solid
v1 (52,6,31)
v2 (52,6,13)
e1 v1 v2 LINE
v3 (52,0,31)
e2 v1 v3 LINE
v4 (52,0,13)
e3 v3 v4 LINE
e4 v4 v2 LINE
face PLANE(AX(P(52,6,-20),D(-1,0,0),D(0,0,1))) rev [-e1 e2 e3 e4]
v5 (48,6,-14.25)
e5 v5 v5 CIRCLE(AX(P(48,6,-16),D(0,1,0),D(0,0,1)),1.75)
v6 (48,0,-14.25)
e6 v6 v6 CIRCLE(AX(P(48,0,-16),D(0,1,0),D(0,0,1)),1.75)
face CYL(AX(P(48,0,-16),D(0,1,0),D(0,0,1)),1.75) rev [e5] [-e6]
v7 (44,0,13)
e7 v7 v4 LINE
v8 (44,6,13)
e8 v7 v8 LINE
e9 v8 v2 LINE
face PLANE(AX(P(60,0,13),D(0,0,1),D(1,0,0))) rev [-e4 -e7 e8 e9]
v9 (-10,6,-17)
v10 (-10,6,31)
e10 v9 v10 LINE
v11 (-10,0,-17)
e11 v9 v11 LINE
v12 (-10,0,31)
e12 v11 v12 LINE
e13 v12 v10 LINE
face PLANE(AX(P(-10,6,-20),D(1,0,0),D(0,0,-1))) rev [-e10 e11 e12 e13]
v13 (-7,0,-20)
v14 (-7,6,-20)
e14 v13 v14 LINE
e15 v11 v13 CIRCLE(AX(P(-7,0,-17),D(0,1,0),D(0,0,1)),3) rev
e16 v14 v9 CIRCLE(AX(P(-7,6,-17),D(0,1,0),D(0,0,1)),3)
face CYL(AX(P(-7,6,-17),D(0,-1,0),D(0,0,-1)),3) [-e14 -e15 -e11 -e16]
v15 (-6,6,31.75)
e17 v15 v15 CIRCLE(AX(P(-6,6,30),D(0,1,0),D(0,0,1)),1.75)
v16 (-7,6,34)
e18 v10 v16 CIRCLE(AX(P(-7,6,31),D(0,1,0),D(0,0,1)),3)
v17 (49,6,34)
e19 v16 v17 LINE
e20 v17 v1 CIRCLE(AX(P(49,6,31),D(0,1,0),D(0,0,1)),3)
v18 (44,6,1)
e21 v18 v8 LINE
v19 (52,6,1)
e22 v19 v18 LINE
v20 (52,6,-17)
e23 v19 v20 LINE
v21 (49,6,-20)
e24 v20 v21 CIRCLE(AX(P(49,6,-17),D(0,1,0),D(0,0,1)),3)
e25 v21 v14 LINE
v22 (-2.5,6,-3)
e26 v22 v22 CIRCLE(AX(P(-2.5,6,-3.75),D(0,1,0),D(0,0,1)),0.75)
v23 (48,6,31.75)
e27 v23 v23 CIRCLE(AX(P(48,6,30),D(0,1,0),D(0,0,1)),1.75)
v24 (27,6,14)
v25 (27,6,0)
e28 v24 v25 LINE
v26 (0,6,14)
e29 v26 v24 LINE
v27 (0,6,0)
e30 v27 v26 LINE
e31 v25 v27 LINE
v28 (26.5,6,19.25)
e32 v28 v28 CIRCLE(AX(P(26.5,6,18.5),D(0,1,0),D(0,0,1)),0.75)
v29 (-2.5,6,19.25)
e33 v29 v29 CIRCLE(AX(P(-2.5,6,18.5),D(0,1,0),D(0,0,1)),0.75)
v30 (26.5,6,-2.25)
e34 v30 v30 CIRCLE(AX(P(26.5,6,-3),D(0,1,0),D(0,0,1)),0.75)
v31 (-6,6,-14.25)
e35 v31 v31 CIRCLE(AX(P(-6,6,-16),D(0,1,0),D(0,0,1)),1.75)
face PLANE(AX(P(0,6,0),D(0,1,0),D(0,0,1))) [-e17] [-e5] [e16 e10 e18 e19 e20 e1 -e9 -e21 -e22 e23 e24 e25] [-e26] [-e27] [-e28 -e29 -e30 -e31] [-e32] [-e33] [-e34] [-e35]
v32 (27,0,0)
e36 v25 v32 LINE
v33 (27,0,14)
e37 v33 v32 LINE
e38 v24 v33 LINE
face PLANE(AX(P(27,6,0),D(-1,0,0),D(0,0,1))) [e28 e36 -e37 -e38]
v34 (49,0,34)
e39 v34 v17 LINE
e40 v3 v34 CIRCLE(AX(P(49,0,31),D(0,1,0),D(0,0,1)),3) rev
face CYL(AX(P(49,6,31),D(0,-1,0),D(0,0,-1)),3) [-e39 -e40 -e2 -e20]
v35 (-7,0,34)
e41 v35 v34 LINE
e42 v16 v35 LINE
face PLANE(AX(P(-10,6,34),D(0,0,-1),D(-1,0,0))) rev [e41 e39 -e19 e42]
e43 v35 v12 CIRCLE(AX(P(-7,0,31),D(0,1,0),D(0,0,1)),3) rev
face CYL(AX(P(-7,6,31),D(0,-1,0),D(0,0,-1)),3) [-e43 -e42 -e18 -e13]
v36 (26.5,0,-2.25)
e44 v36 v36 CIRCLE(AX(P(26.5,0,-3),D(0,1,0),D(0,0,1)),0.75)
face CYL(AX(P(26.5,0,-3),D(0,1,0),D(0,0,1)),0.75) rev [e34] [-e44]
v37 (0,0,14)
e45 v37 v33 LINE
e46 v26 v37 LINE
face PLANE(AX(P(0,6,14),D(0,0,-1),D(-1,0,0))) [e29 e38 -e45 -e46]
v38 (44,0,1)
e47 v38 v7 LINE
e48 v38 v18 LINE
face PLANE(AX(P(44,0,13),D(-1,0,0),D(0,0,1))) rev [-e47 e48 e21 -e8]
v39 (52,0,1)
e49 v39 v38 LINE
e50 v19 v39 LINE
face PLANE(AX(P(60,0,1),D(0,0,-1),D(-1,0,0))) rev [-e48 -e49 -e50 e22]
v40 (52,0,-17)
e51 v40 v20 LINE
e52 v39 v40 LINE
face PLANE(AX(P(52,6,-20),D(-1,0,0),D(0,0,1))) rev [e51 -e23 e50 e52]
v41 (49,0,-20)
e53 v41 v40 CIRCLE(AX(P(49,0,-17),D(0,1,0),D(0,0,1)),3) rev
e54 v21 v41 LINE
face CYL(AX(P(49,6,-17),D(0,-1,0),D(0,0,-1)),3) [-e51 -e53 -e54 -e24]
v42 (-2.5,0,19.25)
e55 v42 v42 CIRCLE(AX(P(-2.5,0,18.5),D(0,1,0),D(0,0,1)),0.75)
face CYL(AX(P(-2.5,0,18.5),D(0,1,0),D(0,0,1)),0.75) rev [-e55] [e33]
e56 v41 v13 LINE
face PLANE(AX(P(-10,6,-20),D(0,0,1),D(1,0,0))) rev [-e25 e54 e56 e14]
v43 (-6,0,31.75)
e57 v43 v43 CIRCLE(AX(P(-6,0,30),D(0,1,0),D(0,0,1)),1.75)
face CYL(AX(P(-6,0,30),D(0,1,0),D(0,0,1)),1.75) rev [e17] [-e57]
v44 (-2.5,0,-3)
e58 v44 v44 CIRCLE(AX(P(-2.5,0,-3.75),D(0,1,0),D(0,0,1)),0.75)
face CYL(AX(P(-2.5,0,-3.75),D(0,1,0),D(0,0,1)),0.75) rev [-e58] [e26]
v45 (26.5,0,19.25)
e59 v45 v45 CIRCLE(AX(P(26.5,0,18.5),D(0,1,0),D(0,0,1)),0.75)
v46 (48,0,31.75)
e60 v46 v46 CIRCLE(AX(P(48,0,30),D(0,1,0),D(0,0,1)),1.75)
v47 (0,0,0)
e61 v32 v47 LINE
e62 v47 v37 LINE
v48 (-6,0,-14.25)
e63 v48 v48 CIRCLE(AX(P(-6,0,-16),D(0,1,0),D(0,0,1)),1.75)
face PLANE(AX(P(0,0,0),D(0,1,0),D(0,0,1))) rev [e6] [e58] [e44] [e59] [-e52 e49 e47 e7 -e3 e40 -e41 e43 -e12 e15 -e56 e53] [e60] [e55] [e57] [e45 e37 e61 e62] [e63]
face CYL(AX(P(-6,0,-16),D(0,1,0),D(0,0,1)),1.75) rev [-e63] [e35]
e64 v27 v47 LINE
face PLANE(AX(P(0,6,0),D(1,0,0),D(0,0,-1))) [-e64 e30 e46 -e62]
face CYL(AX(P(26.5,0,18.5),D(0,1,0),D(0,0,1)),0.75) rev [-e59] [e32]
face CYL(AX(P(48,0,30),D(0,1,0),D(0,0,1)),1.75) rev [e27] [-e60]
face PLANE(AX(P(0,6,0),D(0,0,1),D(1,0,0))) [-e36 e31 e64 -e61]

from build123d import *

# Parameters (mm, degrees)
SKETCH1_W           = 62
SKETCH1_H           = 54
SKETCH1_W_2         = 27
SKETCH1_H_2         = 14
BOSS_EXTRUDE1_DEPTH = 6
SKETCH2_R           = 0.75
CUT_EXTRUDE1_DEPTH  = 63.417946137
SKETCH3_R           = 1.75
CUT_EXTRUDE2_DEPTH  = 63.417946137
FILLET1_R           = 3
SKETCH4_W           = 16
SKETCH4_H           = 12
CUT_EXTRUDE3_DEPTH  = 63.417946137


with BuildPart() as part:
    # Sketch1 → Boss-Extrude1 (new body)
    with BuildSketch(Plane(origin=(0, 0, 0), x_dir=(1, 0, 0), z_dir=(0, 1, 0))):
        with Locations((21, -7)):
            Rectangle(SKETCH1_W, SKETCH1_H)
        with Locations((13.5, -7)):
            Rectangle(SKETCH1_W_2, SKETCH1_H_2, mode=Mode.SUBTRACT)
    extrude(amount=BOSS_EXTRUDE1_DEPTH)

    # Sketch2 → Cut-Extrude1 (cut, through all)
    with BuildSketch(Plane(origin=(0, 6, 0), x_dir=(1, 0, 0), z_dir=(0, 1, 0))):
        with Locations(Location((-2.5, 3.75, 0), (0, 0, 270))):
            Circle(SKETCH2_R)
        with Locations(Location((-2.5, -18.5, 0), (0, 0, 270))):
            Circle(SKETCH2_R)
        with Locations(Location((26.5, 3, 0), (0, 0, 270))):
            Circle(SKETCH2_R)
        with Locations(Location((26.5, -18.5, 0), (0, 0, 270))):
            Circle(SKETCH2_R)
    extrude(amount=-CUT_EXTRUDE1_DEPTH, mode=Mode.SUBTRACT)

    # Sketch3 → Cut-Extrude2 (cut, through all)
    with BuildSketch(Plane(origin=(0, 6, 0), x_dir=(1, 0, 0), z_dir=(0, 1, 0))):
        with Locations(Location((-6, 16, 0), (0, 0, 270))):
            Circle(SKETCH3_R)
        with Locations(Location((-6, -30, 0), (0, 0, 270))):
            Circle(SKETCH3_R)
        with Locations(Location((48, 16, 0), (0, 0, 270))):
            Circle(SKETCH3_R)
        with Locations(Location((48, -30, 0), (0, 0, 270))):
            Circle(SKETCH3_R)
    extrude(amount=-CUT_EXTRUDE2_DEPTH, mode=Mode.SUBTRACT)

    # Fillet1
    fillet1_edges = [part.edges().sort_by_distance(p)[0] for p in [
        (-10, 3, -20),
        (52, 3, -20),
        (52, 3, 34),
        (-10, 3, 34),
    ]]
    fillet(fillet1_edges, radius=FILLET1_R)

    # Sketch4 → Cut-Extrude3 (cut, through all)
    with BuildSketch(Plane(origin=(0, 6, 0), x_dir=(1, 0, 0), z_dir=(0, 1, 0))):
        with Locations((52, -7)):
            Rectangle(SKETCH4_W, SKETCH4_H)
    extrude(amount=-CUT_EXTRUDE3_DEPTH, mode=Mode.SUBTRACT)


solid = part.part
